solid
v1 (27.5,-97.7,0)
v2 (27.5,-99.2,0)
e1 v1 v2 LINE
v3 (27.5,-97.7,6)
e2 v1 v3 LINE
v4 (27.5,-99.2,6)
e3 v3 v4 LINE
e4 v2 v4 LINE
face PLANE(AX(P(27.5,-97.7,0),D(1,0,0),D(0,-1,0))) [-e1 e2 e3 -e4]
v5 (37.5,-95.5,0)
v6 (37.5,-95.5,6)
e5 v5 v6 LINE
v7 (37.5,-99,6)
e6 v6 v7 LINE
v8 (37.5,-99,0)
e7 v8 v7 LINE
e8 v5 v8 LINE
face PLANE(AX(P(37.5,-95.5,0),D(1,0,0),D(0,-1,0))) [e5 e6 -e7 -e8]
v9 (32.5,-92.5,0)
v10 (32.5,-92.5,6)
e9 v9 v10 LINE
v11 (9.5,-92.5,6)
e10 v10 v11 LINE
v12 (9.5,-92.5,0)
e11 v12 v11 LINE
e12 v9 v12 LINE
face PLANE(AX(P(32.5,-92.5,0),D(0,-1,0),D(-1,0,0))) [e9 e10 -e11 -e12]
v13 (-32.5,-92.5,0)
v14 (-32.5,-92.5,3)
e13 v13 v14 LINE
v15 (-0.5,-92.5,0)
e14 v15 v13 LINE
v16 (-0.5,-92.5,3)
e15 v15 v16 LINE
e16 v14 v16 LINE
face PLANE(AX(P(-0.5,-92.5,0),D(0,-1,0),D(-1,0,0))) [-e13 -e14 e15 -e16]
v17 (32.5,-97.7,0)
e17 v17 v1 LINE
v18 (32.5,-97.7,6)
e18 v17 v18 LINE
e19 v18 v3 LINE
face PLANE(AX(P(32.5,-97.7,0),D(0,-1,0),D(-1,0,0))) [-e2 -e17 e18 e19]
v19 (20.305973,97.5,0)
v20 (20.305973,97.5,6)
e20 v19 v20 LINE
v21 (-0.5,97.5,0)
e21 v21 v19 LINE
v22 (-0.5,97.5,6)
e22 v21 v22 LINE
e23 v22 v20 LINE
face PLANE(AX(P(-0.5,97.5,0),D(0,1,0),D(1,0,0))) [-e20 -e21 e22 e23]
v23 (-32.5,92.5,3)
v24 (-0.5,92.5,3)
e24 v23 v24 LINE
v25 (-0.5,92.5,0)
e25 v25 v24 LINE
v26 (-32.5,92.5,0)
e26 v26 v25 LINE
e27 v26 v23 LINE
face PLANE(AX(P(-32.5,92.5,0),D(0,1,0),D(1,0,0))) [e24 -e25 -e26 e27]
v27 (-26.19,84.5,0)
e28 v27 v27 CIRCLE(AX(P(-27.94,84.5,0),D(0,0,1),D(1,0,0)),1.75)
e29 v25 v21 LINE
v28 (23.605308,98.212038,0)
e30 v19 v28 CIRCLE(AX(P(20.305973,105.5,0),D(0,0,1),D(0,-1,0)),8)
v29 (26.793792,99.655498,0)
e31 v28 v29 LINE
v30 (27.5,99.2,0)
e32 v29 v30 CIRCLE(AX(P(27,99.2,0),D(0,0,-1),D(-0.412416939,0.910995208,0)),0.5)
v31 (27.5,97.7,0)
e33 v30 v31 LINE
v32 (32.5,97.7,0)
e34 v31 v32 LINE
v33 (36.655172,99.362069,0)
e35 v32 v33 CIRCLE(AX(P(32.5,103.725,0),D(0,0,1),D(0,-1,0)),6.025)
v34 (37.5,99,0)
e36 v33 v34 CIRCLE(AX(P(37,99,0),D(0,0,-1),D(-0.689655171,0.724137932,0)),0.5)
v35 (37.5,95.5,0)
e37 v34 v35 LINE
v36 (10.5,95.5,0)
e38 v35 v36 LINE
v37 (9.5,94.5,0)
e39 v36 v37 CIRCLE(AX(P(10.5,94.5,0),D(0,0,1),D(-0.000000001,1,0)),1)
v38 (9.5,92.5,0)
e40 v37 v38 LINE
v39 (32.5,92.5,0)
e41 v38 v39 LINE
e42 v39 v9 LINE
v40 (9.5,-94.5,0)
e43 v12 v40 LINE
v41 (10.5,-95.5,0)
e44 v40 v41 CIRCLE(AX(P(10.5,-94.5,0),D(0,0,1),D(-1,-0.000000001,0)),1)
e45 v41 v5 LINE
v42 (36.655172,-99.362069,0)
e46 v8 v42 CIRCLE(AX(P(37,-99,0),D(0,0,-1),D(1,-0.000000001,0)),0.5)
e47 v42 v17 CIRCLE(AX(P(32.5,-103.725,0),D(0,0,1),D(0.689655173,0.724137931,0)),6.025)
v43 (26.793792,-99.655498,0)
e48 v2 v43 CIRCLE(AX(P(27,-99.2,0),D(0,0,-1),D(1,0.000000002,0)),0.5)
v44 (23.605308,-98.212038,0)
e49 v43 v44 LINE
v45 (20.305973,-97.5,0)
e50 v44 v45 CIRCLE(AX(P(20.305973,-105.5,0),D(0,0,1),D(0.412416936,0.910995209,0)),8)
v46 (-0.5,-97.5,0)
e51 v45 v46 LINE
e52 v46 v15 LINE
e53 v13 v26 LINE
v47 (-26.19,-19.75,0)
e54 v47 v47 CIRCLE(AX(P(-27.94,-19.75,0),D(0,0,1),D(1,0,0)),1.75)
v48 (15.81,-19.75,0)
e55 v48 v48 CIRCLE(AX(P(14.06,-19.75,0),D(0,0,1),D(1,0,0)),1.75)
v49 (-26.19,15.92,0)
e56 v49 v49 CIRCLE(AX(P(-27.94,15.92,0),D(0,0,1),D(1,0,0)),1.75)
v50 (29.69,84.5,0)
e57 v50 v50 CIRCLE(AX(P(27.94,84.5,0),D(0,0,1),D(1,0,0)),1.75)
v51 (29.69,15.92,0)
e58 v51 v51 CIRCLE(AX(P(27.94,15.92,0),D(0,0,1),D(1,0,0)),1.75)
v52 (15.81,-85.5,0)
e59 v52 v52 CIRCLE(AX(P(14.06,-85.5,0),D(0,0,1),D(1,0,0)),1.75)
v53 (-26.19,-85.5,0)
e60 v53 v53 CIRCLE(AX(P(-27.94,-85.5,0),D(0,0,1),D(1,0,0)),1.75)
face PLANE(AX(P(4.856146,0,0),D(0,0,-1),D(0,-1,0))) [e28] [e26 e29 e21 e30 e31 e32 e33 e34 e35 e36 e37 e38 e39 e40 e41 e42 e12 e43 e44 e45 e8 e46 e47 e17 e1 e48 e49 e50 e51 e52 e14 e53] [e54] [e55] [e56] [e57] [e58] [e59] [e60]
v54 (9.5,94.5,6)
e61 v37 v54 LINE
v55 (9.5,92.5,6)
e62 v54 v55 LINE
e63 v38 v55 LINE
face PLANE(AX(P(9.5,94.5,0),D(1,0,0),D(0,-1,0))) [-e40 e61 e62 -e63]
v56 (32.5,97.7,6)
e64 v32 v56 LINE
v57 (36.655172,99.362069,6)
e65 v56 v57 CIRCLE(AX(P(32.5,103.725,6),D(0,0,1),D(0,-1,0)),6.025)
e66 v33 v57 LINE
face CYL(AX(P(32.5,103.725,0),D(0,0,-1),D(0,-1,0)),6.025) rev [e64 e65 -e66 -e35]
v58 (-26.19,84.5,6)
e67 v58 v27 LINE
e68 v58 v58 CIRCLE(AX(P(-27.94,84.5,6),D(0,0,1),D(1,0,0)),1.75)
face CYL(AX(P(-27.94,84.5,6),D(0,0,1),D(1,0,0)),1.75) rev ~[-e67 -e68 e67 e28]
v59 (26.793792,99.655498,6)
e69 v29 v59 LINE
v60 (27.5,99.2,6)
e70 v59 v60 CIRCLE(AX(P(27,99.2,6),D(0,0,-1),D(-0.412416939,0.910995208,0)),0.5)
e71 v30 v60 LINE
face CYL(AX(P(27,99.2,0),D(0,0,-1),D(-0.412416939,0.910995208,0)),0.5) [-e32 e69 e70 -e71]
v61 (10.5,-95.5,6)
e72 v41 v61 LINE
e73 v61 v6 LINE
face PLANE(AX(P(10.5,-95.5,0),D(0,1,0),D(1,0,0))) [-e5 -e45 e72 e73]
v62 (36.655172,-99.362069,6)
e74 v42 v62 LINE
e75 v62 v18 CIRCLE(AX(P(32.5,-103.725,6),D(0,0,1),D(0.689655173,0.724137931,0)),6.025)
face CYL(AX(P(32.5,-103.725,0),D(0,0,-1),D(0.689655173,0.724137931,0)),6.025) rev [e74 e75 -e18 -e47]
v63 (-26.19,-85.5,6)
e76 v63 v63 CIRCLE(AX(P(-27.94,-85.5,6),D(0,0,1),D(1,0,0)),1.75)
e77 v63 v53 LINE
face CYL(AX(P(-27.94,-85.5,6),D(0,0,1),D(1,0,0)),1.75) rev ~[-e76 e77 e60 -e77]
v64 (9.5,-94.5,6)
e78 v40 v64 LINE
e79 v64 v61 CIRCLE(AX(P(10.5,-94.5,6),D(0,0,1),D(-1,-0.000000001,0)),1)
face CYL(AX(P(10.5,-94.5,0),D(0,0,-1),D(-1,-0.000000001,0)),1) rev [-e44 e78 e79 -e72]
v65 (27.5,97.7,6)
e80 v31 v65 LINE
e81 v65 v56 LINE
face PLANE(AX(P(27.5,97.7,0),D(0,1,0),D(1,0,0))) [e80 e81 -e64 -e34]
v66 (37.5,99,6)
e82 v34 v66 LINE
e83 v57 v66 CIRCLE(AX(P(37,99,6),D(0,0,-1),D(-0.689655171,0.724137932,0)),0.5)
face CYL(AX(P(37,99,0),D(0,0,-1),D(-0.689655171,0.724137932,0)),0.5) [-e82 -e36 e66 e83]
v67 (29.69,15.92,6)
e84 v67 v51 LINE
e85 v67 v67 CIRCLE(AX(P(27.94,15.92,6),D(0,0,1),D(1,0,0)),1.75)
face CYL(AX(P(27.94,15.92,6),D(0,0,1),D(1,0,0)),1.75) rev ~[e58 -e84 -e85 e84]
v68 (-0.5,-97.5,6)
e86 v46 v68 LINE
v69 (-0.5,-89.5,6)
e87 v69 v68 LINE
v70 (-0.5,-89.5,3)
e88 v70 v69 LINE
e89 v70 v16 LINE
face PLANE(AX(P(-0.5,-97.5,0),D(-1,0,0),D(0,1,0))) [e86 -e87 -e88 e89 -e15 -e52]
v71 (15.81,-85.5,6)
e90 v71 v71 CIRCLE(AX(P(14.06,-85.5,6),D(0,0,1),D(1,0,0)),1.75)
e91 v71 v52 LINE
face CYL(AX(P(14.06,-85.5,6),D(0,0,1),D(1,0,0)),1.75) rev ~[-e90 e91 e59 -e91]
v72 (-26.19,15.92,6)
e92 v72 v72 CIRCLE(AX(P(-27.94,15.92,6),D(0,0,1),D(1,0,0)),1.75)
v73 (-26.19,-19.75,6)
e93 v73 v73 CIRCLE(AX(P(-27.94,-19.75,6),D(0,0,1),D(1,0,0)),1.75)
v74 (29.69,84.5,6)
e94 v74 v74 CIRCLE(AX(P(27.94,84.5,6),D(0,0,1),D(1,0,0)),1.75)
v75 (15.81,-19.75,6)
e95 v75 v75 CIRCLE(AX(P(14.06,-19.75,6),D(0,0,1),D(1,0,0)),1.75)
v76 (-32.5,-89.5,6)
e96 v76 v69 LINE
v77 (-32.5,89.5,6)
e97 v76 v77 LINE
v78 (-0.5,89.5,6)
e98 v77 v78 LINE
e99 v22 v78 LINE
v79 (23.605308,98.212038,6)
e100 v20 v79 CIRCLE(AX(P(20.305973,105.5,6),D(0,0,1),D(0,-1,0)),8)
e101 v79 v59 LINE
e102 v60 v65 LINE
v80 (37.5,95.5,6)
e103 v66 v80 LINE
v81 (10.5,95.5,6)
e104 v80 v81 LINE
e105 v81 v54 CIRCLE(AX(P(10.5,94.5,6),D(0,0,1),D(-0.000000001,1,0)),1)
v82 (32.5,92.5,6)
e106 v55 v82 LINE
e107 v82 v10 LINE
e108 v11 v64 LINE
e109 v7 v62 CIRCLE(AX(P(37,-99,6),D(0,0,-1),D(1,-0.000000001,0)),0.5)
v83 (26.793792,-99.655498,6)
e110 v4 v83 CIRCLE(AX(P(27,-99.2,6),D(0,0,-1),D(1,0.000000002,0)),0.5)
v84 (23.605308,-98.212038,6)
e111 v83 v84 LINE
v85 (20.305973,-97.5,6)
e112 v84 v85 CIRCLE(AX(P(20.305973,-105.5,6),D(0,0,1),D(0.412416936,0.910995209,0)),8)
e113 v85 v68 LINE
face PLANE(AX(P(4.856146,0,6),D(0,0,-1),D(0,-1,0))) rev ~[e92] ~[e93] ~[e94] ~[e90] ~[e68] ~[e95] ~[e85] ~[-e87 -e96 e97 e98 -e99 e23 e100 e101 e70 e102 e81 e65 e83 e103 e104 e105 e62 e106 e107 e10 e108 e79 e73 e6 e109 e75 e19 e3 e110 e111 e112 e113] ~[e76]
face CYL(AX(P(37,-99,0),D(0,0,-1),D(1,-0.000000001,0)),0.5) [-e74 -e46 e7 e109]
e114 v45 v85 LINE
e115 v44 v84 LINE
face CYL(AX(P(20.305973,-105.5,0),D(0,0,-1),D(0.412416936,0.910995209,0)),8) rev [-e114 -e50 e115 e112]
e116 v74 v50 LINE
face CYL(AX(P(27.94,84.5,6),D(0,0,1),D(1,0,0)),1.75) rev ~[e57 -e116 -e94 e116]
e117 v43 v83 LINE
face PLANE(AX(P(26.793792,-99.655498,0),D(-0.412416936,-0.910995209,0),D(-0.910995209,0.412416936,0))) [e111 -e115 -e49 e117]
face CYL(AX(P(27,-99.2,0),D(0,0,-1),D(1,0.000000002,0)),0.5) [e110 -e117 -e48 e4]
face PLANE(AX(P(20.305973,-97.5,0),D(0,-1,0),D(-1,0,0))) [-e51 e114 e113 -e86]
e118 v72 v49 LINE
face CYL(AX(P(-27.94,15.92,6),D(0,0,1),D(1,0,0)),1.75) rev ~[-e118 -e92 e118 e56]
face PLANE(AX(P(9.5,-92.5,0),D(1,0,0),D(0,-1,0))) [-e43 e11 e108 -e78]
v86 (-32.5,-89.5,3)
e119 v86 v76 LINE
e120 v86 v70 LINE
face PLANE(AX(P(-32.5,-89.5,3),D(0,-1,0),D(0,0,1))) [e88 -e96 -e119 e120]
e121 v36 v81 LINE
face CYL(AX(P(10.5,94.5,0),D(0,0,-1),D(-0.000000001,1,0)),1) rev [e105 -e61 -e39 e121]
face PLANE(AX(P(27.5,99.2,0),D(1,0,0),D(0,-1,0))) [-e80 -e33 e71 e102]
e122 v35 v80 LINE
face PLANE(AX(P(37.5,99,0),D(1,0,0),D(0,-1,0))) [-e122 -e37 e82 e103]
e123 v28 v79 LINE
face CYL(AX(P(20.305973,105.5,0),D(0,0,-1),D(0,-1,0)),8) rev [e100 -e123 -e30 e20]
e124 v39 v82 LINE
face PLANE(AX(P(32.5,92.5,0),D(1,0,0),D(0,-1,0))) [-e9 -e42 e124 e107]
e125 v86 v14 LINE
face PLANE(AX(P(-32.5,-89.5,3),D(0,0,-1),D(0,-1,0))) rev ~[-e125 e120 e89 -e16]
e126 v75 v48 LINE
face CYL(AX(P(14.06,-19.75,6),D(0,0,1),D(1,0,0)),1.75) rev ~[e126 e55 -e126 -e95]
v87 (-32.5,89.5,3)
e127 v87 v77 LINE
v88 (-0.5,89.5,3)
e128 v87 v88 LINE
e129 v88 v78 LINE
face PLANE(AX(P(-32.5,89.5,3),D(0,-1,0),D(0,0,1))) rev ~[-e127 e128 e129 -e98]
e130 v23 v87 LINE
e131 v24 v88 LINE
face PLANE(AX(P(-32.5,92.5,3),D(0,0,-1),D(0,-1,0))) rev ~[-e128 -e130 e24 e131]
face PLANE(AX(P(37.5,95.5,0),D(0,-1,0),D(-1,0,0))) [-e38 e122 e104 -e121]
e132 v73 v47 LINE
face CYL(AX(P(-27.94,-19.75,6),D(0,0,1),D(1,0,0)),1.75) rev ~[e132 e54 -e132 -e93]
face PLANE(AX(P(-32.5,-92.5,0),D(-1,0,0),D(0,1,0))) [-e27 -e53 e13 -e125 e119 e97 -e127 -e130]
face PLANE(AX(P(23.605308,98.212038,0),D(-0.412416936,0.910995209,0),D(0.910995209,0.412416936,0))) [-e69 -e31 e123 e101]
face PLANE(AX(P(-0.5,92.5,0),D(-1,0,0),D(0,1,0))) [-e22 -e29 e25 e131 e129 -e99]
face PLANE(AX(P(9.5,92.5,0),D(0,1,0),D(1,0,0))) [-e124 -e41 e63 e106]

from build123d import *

# Parameters (mm, degrees)
BOSS_EXTRUDE1_DEPTH = 6
SKETCH4_W           = 3
SKETCH4_H           = 3
CUT_EXTRUDE2_DEPTH  = 32
SKETCH5_R           = 1.75
CUT_EXTRUDE3_DEPTH  = 10


with BuildPart() as part:
    # Sketch1 → Boss-Extrude1 (new body)
    with BuildSketch(Plane(origin=(0, 0, 0), x_dir=(0, 1, 0), z_dir=(0, 0, 1))):
        with BuildLine():
            Line((-92.5, -9.5), (-94.5, -9.5))
            ThreePointArc((-94.5, -9.5), (-95.207106781, -9.792893219), (-95.5, -10.5))
            Line((-95.5, -10.5), (-95.5, -27.5))
            Line((-95.5, -27.5), (-95.5, -37.5))
            Line((-95.5, -37.5), (-99, -37.5))
            ThreePointArc((-99, -37.5), (-99.459572515, -37.196959649), (-99.362068966, -36.655172414))
            ThreePointArc((-99.362068966, -36.655172414), (-98.130927937, -34.737628825), (-97.7, -32.5))
            Line((-97.7, -32.5), (-97.7, -27.5))
            Line((-97.7, -27.5), (-99.2, -27.5))
            ThreePointArc((-99.2, -27.5), (-99.620181053, -27.271012699), (-99.655497604, -26.793791532))
            Line((-99.655497604, -26.793791532), (-98.212038328, -23.6053083))
            ThreePointArc((-98.212038328, -23.6053083), (-97.680035378, -21.993620083), (-97.5, -20.305972812))
            Line((-97.5, -20.305972812), (-97.5, -9.5))
            Line((-97.5, -9.5), (-97.5, 0.5))
            Line((-97.5, 0.5), (-92.5, 0.5))
            Line((-92.5, 0.5), (-92.5, 32.5))
            Line((-92.5, 32.5), (92.5, 32.5))
            Line((92.5, 32.5), (92.5, 0.5))
            Line((92.5, 0.5), (97.5, 0.5))
            Line((97.5, 0.5), (97.5, -9.5))
            Line((97.5, -9.5), (97.5, -20.305972812))
            ThreePointArc((97.5, -20.305972812), (97.680035378, -21.993620083), (98.212038328, -23.6053083))
            Line((98.212038328, -23.6053083), (99.655497604, -26.793791532))
            ThreePointArc((99.655497604, -26.793791532), (99.620181053, -27.271012699), (99.2, -27.5))
            Line((99.2, -27.5), (97.7, -27.5))
            Line((97.7, -27.5), (97.7, -32.5))
            ThreePointArc((97.7, -32.5), (98.130927937, -34.737628825), (99.362068966, -36.655172414))
            ThreePointArc((99.362068966, -36.655172414), (99.459572515, -37.196959649), (99, -37.5))
            Line((99, -37.5), (95.5, -37.5))
            Line((95.5, -37.5), (95.5, -27.5))
            Line((95.5, -27.5), (95.5, -10.5))
            ThreePointArc((95.5, -10.5), (95.207106781, -9.792893219), (94.5, -9.5))
            Line((94.5, -9.5), (92.5, -9.5))
            Line((92.5, -9.5), (92.5, -32.5))
            Line((92.5, -32.5), (-92.5, -32.5))
            Line((-92.5, -32.5), (-92.5, -9.5))
        make_face()
    extrude(amount=BOSS_EXTRUDE1_DEPTH)

    # Sketch4 → Cut-Extrude2 (cut)
    with BuildSketch(Plane(origin=(-32.5, 0, 0), x_dir=(0, -1, 0), z_dir=(-1, 0, 0))):
        with Locations((-91, 4.5)):
            Rectangle(SKETCH4_W, SKETCH4_H)
        with Locations((91, 4.5)):
            Rectangle(SKETCH4_W, SKETCH4_H)
    extrude(amount=-CUT_EXTRUDE2_DEPTH, mode=Mode.SUBTRACT)

    # Sketch5 → Cut-Extrude3 (cut)
    with BuildSketch(Plane.XY.offset(6)):
        with Locations((-27.94, 84.5)):
            Circle(SKETCH5_R)
        with Locations((-27.94, 15.92)):
            Circle(SKETCH5_R)
        with Locations((27.94, 15.92)):
            Circle(SKETCH5_R)
        with Locations((27.94, 84.5)):
            Circle(SKETCH5_R)
        with Locations((-27.94, -19.75)):
            Circle(SKETCH5_R)
        with Locations((-27.94, -85.5)):
            Circle(SKETCH5_R)
        with Locations((14.06, -85.5)):
            Circle(SKETCH5_R)
        with Locations((14.06, -19.75)):
            Circle(SKETCH5_R)
    extrude(amount=-CUT_EXTRUDE3_DEPTH, mode=Mode.SUBTRACT)


solid = part.part
